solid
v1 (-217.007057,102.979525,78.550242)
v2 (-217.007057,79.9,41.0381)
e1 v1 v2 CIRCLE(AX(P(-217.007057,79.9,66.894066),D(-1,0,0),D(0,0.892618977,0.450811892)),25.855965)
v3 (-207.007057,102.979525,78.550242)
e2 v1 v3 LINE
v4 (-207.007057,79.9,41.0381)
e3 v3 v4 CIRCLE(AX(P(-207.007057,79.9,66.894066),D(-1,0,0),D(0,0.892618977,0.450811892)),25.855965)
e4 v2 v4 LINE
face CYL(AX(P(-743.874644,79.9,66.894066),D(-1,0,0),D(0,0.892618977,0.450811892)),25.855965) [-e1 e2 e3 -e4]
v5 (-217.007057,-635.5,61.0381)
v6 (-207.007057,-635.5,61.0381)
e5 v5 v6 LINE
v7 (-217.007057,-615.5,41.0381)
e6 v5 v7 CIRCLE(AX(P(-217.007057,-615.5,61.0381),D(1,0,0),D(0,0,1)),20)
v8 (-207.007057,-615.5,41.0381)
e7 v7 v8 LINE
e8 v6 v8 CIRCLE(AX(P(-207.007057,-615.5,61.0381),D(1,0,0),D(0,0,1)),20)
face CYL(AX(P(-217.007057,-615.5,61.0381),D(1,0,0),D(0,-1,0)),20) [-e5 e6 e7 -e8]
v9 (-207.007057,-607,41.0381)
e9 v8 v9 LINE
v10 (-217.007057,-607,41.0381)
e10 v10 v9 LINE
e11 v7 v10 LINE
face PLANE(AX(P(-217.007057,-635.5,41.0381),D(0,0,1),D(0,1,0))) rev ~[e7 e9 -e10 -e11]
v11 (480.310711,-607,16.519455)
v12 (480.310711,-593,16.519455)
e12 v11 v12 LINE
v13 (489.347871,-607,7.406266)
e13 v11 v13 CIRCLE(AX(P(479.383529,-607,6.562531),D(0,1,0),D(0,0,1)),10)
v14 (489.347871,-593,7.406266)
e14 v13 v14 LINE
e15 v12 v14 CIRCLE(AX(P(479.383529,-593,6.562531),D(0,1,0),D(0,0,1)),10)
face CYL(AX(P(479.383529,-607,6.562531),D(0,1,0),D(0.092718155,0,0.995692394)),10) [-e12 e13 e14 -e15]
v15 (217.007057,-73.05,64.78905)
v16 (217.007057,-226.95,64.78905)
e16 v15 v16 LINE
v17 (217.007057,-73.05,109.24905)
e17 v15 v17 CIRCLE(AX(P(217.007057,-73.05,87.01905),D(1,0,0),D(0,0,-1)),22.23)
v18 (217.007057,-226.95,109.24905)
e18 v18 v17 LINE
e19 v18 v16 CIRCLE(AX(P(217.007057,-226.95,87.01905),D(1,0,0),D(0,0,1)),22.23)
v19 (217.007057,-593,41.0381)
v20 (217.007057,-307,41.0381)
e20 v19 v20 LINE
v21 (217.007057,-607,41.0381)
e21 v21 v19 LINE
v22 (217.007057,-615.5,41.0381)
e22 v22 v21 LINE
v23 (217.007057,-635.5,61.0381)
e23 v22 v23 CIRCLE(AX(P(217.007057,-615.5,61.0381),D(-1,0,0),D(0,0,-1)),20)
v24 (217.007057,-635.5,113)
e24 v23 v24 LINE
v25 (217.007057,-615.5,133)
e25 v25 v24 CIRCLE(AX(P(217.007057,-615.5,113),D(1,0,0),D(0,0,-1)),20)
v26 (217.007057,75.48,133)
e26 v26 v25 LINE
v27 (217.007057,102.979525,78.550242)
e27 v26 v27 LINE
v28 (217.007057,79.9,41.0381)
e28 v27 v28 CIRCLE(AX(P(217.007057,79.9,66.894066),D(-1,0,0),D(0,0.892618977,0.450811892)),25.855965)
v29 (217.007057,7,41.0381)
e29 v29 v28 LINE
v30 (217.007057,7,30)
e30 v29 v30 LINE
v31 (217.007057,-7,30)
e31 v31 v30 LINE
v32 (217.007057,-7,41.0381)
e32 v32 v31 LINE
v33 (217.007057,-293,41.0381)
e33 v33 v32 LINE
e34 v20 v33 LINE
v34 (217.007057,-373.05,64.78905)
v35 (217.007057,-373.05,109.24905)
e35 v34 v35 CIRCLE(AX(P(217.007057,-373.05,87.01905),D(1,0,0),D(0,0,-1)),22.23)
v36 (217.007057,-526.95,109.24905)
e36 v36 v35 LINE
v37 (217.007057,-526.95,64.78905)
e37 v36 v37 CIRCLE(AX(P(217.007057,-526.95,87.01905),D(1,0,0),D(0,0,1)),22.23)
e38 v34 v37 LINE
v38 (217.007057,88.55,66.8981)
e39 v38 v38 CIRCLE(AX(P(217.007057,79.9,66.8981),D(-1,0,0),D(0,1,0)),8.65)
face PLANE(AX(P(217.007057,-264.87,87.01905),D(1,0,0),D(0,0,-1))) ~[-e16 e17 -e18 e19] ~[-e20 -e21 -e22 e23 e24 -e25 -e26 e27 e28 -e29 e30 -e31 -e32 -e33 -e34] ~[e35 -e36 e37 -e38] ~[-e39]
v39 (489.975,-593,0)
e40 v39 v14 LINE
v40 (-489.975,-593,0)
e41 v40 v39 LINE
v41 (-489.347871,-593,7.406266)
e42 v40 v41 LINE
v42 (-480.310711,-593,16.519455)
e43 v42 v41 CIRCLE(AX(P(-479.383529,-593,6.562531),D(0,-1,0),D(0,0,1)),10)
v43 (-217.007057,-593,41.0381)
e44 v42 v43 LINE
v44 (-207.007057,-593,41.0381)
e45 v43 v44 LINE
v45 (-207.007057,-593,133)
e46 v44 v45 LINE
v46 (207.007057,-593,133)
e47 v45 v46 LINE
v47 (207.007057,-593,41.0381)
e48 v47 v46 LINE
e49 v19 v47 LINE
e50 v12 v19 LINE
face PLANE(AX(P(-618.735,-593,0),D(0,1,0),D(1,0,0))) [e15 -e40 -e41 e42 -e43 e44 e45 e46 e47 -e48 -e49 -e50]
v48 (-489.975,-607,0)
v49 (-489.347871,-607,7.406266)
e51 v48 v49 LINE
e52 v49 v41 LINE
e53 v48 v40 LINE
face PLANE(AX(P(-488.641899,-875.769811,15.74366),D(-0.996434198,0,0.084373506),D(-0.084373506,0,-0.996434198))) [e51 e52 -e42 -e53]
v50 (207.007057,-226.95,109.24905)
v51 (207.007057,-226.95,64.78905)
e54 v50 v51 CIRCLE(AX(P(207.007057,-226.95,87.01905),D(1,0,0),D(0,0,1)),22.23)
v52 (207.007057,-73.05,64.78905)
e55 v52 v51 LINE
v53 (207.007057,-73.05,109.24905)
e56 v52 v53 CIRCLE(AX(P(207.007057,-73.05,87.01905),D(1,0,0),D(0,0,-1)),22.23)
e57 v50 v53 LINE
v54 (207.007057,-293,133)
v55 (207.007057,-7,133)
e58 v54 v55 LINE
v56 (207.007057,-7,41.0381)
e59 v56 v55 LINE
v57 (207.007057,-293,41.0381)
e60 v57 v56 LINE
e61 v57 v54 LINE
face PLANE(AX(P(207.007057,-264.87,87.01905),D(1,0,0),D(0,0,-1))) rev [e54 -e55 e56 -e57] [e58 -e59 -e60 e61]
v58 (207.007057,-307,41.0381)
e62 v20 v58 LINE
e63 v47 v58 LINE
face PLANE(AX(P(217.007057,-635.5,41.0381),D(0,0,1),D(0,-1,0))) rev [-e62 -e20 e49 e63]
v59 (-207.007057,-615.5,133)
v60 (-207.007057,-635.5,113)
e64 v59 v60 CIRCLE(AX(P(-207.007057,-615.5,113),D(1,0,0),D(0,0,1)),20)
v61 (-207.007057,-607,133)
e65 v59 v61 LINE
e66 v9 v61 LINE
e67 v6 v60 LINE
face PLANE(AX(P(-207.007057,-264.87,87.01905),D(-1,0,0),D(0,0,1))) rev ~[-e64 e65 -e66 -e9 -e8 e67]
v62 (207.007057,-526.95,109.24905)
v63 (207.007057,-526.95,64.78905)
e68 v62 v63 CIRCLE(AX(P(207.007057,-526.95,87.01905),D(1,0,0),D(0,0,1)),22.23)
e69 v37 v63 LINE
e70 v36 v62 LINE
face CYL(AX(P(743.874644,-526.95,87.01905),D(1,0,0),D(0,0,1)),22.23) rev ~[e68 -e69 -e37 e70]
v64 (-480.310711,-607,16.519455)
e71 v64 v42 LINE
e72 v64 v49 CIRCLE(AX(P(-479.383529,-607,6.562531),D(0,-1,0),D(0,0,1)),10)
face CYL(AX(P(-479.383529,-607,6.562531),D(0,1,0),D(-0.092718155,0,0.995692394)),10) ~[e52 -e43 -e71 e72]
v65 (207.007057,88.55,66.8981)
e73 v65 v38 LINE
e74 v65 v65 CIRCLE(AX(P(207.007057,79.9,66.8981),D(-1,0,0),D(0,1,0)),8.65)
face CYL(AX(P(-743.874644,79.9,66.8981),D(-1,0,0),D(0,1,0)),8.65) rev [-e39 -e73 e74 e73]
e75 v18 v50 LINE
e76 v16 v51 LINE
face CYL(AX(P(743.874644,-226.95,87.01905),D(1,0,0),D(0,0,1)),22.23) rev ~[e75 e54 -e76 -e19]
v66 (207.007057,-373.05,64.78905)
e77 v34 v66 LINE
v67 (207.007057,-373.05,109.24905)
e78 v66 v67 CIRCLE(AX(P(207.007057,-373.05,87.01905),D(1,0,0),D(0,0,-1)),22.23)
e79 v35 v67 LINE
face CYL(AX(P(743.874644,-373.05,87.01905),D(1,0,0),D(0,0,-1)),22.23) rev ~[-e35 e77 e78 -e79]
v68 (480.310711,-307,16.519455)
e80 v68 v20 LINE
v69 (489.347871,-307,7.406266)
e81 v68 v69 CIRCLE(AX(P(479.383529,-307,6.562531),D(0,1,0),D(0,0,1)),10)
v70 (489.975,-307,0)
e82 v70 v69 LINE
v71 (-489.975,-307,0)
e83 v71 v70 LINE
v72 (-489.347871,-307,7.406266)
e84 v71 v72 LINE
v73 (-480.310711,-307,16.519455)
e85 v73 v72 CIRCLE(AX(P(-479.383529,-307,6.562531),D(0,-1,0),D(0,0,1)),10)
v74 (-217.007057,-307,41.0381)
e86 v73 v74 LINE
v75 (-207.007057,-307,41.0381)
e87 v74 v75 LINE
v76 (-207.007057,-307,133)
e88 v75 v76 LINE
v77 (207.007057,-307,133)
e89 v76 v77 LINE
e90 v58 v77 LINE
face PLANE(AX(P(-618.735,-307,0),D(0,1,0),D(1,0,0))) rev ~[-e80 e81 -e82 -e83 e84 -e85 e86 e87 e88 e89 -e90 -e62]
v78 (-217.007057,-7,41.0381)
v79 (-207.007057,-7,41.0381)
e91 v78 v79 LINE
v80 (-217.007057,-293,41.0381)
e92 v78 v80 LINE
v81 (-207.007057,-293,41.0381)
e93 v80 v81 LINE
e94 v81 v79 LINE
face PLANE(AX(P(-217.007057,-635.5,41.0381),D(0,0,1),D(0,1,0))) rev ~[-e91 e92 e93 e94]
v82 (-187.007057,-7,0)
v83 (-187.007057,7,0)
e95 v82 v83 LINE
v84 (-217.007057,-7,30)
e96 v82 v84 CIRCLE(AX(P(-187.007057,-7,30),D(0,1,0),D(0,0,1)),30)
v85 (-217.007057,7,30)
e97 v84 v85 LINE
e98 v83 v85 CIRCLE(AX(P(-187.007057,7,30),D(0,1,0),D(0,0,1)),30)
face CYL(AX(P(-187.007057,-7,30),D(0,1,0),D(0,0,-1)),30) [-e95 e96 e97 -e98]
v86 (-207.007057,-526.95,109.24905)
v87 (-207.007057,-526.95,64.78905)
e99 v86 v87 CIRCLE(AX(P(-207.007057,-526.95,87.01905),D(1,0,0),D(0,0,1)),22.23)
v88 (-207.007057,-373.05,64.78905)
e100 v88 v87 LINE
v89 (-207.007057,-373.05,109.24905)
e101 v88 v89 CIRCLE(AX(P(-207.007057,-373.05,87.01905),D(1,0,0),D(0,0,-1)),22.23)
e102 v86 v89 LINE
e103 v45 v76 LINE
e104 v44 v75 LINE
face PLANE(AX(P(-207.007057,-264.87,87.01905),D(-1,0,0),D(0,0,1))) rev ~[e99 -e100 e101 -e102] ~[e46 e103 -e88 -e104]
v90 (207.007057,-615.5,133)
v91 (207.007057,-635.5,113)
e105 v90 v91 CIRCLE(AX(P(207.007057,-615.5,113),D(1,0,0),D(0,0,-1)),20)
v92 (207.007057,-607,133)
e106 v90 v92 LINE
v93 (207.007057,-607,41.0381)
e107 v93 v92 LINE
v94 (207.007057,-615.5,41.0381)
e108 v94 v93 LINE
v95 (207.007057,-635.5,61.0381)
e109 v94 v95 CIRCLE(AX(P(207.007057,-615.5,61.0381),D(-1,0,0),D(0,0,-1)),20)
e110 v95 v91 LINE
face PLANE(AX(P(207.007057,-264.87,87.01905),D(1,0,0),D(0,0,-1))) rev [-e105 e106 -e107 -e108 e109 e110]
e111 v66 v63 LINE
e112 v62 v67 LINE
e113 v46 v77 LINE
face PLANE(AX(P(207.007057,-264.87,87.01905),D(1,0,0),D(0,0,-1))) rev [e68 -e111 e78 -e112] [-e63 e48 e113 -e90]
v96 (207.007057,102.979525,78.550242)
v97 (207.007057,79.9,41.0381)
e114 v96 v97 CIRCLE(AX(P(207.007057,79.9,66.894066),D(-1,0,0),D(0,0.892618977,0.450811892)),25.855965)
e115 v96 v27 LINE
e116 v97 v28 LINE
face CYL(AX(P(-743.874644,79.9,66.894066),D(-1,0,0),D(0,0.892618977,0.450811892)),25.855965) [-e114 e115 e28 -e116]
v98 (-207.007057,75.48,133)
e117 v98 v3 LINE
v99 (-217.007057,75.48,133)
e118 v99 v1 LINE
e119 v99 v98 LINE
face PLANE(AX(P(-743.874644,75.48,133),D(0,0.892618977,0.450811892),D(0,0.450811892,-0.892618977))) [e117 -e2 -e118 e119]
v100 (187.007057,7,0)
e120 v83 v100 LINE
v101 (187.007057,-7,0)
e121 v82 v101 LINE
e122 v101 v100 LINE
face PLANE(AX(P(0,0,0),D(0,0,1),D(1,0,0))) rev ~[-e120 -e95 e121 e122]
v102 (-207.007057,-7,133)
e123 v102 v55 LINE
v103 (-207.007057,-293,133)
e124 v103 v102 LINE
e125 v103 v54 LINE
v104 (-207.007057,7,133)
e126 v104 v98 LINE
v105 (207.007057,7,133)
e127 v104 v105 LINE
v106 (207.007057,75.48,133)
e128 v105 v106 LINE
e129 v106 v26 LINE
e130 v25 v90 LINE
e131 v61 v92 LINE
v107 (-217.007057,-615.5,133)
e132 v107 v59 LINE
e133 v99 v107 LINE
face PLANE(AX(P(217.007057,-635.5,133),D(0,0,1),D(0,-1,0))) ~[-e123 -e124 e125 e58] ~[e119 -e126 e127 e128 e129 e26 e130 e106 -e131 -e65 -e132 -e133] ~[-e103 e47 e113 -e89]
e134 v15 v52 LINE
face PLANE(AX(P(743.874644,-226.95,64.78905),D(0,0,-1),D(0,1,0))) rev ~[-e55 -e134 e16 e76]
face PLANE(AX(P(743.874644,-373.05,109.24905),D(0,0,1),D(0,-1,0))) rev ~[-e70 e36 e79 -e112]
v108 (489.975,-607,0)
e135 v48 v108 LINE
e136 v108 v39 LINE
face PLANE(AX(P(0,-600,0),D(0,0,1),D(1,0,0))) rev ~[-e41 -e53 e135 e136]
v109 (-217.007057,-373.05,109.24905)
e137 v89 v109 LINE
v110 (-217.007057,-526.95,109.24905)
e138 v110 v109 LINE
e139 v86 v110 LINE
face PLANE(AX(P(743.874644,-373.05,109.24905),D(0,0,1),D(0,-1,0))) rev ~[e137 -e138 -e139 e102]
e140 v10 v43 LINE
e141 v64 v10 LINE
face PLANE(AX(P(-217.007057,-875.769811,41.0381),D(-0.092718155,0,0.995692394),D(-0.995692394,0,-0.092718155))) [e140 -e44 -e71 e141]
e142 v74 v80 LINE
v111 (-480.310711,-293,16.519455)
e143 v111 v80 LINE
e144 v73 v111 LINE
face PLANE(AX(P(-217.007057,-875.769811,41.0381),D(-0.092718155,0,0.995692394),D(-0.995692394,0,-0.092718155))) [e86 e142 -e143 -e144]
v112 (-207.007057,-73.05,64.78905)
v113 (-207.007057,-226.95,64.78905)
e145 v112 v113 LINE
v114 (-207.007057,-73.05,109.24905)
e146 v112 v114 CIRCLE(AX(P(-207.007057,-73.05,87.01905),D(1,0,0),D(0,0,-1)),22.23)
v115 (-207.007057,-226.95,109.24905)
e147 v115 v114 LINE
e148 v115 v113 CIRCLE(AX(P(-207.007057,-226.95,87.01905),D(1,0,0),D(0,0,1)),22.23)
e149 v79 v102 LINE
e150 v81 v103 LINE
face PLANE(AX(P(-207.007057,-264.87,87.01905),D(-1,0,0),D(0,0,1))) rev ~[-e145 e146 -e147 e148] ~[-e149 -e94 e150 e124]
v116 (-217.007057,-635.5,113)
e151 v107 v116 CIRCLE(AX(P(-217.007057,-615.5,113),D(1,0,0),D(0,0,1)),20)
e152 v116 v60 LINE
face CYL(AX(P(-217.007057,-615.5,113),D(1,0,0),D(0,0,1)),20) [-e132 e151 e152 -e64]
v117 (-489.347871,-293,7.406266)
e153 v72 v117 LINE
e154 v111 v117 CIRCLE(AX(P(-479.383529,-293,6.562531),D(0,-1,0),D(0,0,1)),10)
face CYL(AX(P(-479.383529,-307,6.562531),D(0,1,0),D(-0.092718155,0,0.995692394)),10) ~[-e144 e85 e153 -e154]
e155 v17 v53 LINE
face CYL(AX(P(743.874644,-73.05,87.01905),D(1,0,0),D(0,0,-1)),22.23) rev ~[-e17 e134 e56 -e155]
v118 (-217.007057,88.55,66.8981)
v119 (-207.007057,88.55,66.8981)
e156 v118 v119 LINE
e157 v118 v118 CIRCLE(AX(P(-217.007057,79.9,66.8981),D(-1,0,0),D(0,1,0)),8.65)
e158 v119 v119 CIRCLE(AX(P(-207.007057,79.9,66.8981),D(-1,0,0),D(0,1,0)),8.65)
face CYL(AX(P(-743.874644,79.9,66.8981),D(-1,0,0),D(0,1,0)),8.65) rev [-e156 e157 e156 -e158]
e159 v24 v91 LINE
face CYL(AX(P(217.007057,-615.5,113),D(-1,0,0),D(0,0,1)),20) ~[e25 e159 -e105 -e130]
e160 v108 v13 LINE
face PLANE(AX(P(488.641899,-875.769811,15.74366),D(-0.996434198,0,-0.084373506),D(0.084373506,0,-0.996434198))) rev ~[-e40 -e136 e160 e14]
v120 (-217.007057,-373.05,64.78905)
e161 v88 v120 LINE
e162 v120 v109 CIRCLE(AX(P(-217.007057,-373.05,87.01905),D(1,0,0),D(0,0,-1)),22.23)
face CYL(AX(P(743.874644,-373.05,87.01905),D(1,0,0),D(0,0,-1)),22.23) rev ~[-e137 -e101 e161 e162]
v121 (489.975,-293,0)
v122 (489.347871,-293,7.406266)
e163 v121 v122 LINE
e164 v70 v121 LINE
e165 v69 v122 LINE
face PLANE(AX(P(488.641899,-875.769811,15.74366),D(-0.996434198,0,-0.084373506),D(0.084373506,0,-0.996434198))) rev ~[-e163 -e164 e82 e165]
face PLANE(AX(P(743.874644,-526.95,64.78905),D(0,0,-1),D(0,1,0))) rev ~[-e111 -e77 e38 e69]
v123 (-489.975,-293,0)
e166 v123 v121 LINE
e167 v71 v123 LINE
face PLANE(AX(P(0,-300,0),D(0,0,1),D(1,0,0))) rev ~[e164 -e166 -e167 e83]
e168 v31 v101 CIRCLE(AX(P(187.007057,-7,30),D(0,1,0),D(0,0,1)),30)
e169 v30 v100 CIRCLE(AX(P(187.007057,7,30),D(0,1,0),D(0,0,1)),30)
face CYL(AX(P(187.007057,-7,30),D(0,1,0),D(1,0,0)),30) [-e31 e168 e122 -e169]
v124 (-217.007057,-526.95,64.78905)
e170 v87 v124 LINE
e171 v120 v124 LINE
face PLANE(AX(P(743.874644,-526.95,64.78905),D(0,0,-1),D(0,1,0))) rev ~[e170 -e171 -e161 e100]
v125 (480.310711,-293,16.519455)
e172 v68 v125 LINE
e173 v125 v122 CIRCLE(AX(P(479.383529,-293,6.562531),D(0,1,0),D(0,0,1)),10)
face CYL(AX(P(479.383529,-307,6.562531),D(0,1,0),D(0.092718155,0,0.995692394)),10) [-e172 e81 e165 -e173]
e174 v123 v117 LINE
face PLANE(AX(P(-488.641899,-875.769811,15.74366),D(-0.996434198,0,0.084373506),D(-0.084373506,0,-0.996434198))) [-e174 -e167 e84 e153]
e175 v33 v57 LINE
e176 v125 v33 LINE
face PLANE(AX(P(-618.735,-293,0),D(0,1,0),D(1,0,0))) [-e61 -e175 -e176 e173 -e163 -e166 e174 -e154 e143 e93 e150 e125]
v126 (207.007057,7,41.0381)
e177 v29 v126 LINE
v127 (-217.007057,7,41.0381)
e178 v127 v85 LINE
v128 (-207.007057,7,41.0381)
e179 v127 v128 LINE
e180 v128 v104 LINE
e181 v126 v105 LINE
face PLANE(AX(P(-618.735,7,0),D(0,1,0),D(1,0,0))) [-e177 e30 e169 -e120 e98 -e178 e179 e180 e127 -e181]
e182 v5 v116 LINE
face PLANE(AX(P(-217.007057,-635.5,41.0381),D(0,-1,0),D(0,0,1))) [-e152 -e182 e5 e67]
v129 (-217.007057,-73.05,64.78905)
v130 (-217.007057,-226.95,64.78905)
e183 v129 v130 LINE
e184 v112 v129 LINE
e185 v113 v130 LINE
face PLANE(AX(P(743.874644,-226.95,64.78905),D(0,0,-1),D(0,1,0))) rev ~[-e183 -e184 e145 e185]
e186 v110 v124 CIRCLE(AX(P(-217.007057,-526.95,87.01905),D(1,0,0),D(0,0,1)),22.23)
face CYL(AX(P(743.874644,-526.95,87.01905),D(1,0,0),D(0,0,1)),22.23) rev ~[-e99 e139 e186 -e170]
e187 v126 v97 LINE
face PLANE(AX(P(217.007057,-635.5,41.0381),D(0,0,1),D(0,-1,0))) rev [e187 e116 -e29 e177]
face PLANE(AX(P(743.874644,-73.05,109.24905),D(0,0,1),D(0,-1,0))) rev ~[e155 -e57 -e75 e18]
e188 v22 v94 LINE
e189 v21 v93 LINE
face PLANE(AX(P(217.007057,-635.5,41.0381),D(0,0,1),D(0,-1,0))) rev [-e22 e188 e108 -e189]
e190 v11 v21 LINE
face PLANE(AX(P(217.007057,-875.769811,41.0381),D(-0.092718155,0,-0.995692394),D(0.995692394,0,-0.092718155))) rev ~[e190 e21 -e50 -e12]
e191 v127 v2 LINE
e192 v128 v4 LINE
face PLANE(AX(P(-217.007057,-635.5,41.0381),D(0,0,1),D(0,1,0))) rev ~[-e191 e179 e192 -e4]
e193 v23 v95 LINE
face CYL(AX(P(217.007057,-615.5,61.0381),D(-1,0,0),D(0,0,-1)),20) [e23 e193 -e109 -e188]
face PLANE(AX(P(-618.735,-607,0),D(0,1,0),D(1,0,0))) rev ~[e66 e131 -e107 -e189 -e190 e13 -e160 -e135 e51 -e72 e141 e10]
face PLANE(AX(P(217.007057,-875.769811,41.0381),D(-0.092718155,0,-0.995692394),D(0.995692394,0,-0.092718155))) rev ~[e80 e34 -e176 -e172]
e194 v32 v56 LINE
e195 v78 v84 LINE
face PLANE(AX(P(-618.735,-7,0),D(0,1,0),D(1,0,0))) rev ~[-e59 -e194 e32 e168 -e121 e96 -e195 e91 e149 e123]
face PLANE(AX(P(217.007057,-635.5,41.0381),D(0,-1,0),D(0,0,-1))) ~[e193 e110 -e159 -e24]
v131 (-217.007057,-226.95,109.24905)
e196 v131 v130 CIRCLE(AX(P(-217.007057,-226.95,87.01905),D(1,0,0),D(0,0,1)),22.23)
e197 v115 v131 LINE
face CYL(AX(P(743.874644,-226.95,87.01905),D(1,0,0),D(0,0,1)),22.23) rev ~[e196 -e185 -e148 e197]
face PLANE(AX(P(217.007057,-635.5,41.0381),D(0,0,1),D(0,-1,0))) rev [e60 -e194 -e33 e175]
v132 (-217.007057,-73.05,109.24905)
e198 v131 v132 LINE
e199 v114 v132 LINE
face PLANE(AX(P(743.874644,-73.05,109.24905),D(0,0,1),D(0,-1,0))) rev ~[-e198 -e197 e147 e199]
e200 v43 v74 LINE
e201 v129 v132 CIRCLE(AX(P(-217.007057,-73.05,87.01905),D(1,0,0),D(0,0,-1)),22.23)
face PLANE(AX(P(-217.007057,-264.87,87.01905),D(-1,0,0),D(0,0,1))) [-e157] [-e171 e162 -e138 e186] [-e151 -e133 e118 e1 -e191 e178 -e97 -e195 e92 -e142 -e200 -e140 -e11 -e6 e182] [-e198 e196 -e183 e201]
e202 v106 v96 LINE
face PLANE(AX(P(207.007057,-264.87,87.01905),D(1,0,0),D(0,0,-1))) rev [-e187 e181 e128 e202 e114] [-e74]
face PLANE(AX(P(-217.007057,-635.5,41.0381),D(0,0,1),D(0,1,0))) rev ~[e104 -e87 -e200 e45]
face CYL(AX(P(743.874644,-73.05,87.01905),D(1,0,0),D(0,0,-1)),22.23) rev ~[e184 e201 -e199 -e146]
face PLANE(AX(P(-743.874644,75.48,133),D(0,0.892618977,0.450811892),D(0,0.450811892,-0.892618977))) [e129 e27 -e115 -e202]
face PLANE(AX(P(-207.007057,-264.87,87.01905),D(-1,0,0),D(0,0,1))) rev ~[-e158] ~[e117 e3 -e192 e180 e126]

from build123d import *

# Parameters (mm, degrees)
SKETCH1_W               = 1237.47
SKETCH1_H               = 14
BOSS_EXTRUDE1_DEPTH     = 133
LPATTERN1_COUNT         = 3
LPATTERN1_PITCH         = 300
CUT_EXTRUDE1_DEPTH      = 882.76981136
CUT_EXTRUDE1_DEPTH_BACK = 882.76981136
SKETCH3_W               = 91.96189972
SKETCH3_H               = 741.26
BOSS_EXTRUDE2_DEPTH     = 10
SKETCH4_W               = 289.906679044
SKETCH4_H               = 376.133897458
CUT_EXTRUDE3_DEPTH      = 105
CUT_EXTRUDE5_DEPTH      = 960.881700163
CUT_EXTRUDE5_DEPTH_BACK = 960.881700163
SKETCH5_R               = 8.65
FILLET1_R               = 30
FILLET2_R               = 20
FILLET3_R               = 10
CUT_EXTRUDE6_DEPTH      = 960.881700163
CUT_EXTRUDE6_DEPTH_BACK = 960.881700163


with BuildPart() as part:
    # Sketch1 → Boss-Extrude1 (new body)
    with BuildSketch(Plane.XY):
        Rectangle(SKETCH1_W, SKETCH1_H)
    extrude(amount=BOSS_EXTRUDE1_DEPTH)


with BuildPart() as lpattern1_1:
    # LPattern1: pattern copy
    add(part.part.moved(Location(Vector(0, -1, 0) * (1 * LPATTERN1_PITCH))))


with BuildPart() as lpattern1_2:
    # LPattern1: pattern copy
    add(part.part.moved(Location(Vector(0, -1, 0) * (2 * LPATTERN1_PITCH))))


with BuildPart() as cut_extrude1_tool:
    # Sketch2 → Cut-Extrude1 (new, two sides: drawn at the far end of the back side and taken through both)
    with BuildSketch(Plane(origin=(0, 7, 0), x_dir=(1, 0, 0), z_dir=(0, 1, 0)).offset(-CUT_EXTRUDE1_DEPTH_BACK)):
        Polygon((-675.17481683, 0), (-675.17481683, -133), (-217.007056567, -133), (-217.007056567, -41.03810028), (-488.641898603, -15.743660333), (-489.975, 0), align=None)
        Polygon((489.975, 0), (675.17481683, 0), (675.17481683, -133), (217.007056567, -133), (217.007056567, -41.03810028), (488.641898603, -15.743660333), align=None)
    extrude(amount=CUT_EXTRUDE1_DEPTH + CUT_EXTRUDE1_DEPTH_BACK)


with BuildPart() as part_1:
    add(part.part)

    # Cut-Extrude1: cut by cut_extrude1_tool
    add(cut_extrude1_tool.part, mode=Mode.SUBTRACT)



with BuildPart() as lpattern1_1_1:
    add(lpattern1_1.part)

    # Cut-Extrude1: cut by cut_extrude1_tool
    add(cut_extrude1_tool.part, mode=Mode.SUBTRACT)


with BuildPart() as lpattern1_2_1:
    add(lpattern1_2.part)

    # Cut-Extrude1: cut by cut_extrude1_tool
    add(cut_extrude1_tool.part, mode=Mode.SUBTRACT)


with BuildPart() as part_2:
    add(part_1.part)

    add(lpattern1_1_1.part)  # Boss-Extrude2 merges LPattern1_1

    add(lpattern1_2_1.part)  # Boss-Extrude2 merges LPattern1_2
    # Sketch3 → Boss-Extrude2 (add)
    with BuildSketch(Plane.ZY.offset(217.007056567)):
        with Locations((87.01905014, -264.87)):
            Rectangle(SKETCH3_W, SKETCH3_H)
    boss_extrude2 = extrude(amount=-BOSS_EXTRUDE2_DEPTH)

    # Mirror1: Boss-Extrude2 across plane
    add(boss_extrude2.mirror(Plane(origin=(0, 0, 0), x_dir=(0, 0, 1), z_dir=(1, 0, 0))))

    # Sketch4 → Cut-Extrude3 (cut)
    with BuildSketch(Plane(origin=(0, 7, 0), x_dir=(1, 0, 0), z_dir=(0, 1, 0))):
        with Locations((-361.960396089, -44.135281773)):
            Rectangle(SKETCH4_W, SKETCH4_H)
        with Locations((361.960396089, -44.135281773)):
            Rectangle(SKETCH4_W, SKETCH4_H)
    extrude(amount=-CUT_EXTRUDE3_DEPTH, mode=Mode.SUBTRACT)

    # Sketch5 → Cut-Extrude5 (cut, two sides: drawn at the far end of the back side and taken through both)
    with BuildSketch(Plane(origin=(217.007056567, 0, 0), x_dir=(0, 0, -1), z_dir=(1, 0, 0)).offset(-CUT_EXTRUDE5_DEPTH_BACK)):
        with BuildLine():
            Line((-133, 105.76), (-133, 75.48))
            Line((-133, 75.48), (-78.550242405, 102.979525411))
            ThreePointArc((-78.550242405, 102.979525411), (-53.345094409, 101.921723933), (-41.03810028, 79.9))
            Line((-41.03810028, 79.9), (-41.03810028, 105.76))
            Line((-41.03810028, 105.76), (-133, 105.76))
        make_face()
        with Locations(Location((-66.89810028, 79.9, 0), (0, 0, 90))):
            Circle(SKETCH5_R)
    extrude(amount=CUT_EXTRUDE5_DEPTH + CUT_EXTRUDE5_DEPTH_BACK, mode=Mode.SUBTRACT)

    # Fillet1
    fillet1_edges = [part_2.edges().sort_by_distance(p)[0] for p in [
        (-217.007056567, 0, 0),
        (217.007056567, 0, 0),
    ]]
    fillet(fillet1_edges, radius=FILLET1_R)

    # Fillet2
    fillet2_edges = [part_2.edges().sort_by_distance(p)[0] for p in [
        (212.007056567, -635.5, 133),
        (212.007056567, -635.5, 41.03810028),
        (-212.007056567, -635.5, 41.03810028),
        (-212.007056567, -635.5, 133),
    ]]
    fillet(fillet2_edges, radius=FILLET2_R)

    # Fillet3
    fillet3_edges = [part_2.edges().sort_by_distance(p)[0] for p in [
        (488.641898603, -300, 15.743660333),
        (-488.641898603, -300, 15.743660333),
        (488.641898603, -600, 15.743660333),
        (-488.641898603, -600, 15.743660333),
    ]]
    fillet(fillet3_edges, radius=FILLET3_R)

    # Sketch6 → Cut-Extrude6 (cut, two sides: drawn at the far end of the back side and taken through both)
    with BuildSketch(Plane.ZY.offset(217.007056567).offset(-CUT_EXTRUDE6_DEPTH_BACK)):
        with BuildLine():
            Line((109.24905014, -73.05), (109.24905014, -226.95))
            ThreePointArc((109.24905014, -226.95), (87.01905014, -249.18), (64.78905014, -226.95))
            Line((64.78905014, -226.95), (64.78905014, -73.05))
            ThreePointArc((64.78905014, -73.05), (87.01905014, -50.82), (109.24905014, -73.05))
        make_face()
        with BuildLine():
            Line((109.24905014, -373.05), (109.24905014, -526.95))
            ThreePointArc((109.24905014, -526.95), (87.01905014, -549.18), (64.78905014, -526.95))
            Line((64.78905014, -526.95), (64.78905014, -373.05))
            ThreePointArc((64.78905014, -373.05), (87.01905014, -350.82), (109.24905014, -373.05))
        make_face()
    extrude(amount=CUT_EXTRUDE6_DEPTH + CUT_EXTRUDE6_DEPTH_BACK, mode=Mode.SUBTRACT)


solid = part_2.part
